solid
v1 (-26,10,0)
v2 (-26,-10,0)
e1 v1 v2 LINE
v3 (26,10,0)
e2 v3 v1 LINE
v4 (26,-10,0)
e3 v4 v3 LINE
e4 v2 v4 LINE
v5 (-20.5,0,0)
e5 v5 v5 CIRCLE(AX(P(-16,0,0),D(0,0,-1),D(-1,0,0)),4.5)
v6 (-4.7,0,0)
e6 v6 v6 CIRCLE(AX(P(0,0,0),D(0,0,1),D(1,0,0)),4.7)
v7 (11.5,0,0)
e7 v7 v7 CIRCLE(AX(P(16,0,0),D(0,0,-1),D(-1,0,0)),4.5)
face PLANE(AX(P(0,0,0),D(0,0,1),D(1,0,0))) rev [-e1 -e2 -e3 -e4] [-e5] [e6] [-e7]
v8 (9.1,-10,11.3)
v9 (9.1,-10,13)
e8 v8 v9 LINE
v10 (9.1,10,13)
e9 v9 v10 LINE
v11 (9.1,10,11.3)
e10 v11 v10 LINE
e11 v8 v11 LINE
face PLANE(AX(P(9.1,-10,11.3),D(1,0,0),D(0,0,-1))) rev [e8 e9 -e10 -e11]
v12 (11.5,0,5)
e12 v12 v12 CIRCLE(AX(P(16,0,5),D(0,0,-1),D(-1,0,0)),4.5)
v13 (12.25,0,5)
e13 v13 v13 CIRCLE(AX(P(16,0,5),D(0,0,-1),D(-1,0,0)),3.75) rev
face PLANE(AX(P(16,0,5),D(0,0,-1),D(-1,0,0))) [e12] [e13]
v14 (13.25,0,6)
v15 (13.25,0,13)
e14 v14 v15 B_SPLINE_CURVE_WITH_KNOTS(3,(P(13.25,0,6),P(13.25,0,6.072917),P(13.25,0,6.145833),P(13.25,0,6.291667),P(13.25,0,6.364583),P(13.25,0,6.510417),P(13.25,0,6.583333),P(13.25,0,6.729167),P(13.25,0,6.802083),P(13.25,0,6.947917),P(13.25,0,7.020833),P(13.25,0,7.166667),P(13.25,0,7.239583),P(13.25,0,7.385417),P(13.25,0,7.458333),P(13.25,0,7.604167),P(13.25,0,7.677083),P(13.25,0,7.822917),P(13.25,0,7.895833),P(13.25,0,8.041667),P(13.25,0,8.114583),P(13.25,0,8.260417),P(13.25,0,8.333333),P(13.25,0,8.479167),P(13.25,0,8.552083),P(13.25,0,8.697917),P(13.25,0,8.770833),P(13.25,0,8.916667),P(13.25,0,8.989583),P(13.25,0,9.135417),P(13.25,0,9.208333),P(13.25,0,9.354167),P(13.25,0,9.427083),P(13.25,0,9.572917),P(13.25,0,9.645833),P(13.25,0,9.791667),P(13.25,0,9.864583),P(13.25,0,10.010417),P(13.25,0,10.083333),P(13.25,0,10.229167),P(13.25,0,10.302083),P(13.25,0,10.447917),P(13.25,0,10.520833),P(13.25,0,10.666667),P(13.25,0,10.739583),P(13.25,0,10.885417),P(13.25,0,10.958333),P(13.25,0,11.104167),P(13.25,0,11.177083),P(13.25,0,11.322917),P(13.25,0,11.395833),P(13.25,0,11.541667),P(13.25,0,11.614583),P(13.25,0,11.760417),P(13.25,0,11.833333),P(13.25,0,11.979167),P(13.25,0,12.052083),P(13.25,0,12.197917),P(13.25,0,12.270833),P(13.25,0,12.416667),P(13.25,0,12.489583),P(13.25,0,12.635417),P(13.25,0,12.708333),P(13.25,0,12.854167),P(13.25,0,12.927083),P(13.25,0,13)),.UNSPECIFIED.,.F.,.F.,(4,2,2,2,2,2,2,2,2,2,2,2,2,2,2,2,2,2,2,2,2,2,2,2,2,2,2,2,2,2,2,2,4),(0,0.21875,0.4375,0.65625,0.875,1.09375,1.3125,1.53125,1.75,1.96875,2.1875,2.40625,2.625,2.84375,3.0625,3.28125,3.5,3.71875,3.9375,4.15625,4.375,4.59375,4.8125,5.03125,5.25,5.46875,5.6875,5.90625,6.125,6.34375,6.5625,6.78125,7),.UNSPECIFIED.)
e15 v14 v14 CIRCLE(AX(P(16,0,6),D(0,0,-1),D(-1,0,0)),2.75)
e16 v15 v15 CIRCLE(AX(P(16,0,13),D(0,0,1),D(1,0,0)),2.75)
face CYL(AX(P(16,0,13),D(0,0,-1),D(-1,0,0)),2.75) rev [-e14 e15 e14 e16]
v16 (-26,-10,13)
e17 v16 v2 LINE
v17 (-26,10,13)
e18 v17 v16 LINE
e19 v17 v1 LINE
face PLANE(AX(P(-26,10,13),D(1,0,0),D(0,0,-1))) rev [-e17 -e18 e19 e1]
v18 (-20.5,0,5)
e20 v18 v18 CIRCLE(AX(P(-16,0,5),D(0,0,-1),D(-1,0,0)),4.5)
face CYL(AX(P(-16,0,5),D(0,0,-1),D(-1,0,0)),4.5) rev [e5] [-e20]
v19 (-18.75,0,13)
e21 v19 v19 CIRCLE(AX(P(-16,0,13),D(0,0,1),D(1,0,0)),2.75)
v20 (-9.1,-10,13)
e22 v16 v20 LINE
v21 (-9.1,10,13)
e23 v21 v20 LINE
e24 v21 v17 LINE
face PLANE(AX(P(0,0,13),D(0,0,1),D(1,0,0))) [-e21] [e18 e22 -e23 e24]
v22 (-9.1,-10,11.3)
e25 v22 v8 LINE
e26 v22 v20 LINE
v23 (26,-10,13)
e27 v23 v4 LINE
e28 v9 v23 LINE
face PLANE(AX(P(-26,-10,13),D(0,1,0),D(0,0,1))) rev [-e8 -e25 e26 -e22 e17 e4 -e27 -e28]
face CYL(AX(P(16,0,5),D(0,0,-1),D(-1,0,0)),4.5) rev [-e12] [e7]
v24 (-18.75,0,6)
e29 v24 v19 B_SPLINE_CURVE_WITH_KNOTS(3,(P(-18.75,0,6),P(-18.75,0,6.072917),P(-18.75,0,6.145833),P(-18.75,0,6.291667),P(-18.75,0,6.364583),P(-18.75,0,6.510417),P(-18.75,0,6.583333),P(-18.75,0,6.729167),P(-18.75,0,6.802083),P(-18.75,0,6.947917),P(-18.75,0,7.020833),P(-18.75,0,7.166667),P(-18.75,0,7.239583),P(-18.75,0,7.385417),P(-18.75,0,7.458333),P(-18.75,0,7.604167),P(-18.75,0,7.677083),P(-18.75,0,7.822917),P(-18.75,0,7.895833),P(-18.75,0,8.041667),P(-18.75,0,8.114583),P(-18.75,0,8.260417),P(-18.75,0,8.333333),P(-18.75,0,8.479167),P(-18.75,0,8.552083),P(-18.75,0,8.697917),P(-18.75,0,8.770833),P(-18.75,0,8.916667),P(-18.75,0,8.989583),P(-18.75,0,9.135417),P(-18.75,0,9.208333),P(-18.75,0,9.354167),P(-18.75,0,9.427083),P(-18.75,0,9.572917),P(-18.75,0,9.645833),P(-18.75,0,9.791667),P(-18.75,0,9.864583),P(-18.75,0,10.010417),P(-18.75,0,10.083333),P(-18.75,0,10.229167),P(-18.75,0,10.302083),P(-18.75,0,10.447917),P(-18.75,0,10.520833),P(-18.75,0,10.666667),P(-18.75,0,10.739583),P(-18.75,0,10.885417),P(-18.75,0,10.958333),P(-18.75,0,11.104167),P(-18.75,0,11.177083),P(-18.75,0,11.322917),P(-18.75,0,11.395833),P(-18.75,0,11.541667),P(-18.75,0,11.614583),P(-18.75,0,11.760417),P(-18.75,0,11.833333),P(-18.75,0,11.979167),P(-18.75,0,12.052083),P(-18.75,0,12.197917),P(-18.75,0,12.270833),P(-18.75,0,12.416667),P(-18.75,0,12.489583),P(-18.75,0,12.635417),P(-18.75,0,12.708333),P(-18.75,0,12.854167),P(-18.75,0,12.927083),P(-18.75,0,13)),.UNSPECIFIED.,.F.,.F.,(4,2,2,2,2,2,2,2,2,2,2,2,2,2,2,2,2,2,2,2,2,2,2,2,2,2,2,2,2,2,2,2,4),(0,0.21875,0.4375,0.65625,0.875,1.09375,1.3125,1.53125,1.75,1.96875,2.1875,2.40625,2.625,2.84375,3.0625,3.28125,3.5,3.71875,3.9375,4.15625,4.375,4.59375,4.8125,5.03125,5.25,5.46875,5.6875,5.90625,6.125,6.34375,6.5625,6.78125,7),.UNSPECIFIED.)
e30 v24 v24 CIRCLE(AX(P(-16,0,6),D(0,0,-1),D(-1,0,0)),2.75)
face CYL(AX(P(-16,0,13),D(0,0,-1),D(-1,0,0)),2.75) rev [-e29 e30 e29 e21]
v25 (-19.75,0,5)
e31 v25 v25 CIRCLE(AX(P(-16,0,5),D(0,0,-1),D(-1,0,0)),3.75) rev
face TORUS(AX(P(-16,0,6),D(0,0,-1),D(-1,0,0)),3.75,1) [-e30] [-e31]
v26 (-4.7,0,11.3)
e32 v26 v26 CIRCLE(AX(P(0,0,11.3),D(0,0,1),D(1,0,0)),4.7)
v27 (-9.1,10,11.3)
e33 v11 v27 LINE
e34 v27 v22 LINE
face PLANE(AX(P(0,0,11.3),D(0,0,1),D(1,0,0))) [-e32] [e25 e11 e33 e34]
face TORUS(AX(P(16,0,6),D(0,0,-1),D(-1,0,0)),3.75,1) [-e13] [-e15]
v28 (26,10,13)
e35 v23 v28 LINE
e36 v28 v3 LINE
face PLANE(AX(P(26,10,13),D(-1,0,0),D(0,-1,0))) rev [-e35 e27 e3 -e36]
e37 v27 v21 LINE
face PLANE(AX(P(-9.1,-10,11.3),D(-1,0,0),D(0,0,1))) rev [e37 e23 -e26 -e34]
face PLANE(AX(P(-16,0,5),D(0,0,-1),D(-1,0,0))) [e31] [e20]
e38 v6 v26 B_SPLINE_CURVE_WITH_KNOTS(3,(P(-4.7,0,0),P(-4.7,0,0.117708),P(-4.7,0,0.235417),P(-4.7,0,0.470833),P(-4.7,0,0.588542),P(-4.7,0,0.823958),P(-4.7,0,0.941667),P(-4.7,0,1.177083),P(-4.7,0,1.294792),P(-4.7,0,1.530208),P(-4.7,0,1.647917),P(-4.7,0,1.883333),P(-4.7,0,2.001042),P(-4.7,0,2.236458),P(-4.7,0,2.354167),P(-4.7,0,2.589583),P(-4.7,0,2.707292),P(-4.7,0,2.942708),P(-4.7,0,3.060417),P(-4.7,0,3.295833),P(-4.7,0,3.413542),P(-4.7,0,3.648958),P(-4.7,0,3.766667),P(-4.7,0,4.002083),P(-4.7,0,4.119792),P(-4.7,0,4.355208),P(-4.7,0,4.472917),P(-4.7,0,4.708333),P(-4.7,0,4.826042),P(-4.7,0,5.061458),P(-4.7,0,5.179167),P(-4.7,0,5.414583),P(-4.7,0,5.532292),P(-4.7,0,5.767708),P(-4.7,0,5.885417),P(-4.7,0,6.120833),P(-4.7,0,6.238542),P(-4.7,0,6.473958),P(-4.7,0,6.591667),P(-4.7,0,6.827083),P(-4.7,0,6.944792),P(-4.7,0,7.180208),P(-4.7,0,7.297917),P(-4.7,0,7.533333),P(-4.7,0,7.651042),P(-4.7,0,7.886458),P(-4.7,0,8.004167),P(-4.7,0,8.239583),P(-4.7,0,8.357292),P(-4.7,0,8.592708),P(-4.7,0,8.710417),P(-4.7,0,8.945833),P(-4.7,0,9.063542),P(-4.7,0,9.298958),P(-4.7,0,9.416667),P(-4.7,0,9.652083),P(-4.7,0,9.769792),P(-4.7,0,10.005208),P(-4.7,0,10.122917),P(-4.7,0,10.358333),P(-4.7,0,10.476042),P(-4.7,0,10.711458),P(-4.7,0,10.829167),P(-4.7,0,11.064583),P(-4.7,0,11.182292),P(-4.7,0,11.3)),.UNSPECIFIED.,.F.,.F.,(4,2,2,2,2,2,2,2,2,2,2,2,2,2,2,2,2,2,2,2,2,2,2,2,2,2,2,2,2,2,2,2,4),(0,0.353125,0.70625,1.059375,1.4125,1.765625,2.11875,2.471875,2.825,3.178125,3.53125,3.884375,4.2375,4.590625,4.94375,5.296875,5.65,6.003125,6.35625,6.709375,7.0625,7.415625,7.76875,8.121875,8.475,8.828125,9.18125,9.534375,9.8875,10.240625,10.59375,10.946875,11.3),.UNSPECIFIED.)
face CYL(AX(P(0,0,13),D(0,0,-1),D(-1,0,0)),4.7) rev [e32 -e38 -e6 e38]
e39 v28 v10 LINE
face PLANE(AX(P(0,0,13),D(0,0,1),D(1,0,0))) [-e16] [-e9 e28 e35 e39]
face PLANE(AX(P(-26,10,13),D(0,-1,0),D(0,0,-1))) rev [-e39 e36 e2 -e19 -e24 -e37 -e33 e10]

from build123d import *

# Parameters (mm, degrees)
SKETCH_1_W          = 52
SKETCH_1_H          = 20
SKETCH_1_R          = 2.75
SKETCH_1_R_2        = 4.7
EXTRUDE_1_DEPTH     = 13
SKETCH_2_R          = 4.5
CUT_EXTRUDE_1_DEPTH = 5
SKETCH_3_W          = 18.2
SKETCH_3_H          = 20
CUT_EXTRUDE_2_DEPTH = 1.7
FILLET_1_R          = 1


with BuildPart() as part:
    # 草图1 → 凸台-拉伸1 (new body)
    with BuildSketch(Plane.XY):
        Rectangle(SKETCH_1_W, SKETCH_1_H)
        with Locations(Location((-16, 0, 0), (0, 0, 180))):
            Circle(SKETCH_1_R, mode=Mode.SUBTRACT)
        with Locations(Location((16, 0, 0), (0, 0, 180))):
            Circle(SKETCH_1_R, mode=Mode.SUBTRACT)
        with Locations(Location((0, 0, 0), (0, 0, 180))):
            Circle(SKETCH_1_R_2, mode=Mode.SUBTRACT)
    extrude(amount=EXTRUDE_1_DEPTH)

    # 草图2 → 切除-拉伸1 (cut)
    with BuildSketch(Plane(origin=(0, 0, 0), x_dir=(-1, 0, 0), z_dir=(0, 0, -1))):
        with Locations((-16, 0)):
            Circle(SKETCH_2_R)
        with Locations((16, 0)):
            Circle(SKETCH_2_R)
    extrude(amount=-CUT_EXTRUDE_1_DEPTH, mode=Mode.SUBTRACT)

    # 草图3 → 切除-拉伸2 (cut)
    with BuildSketch(Plane.XY.offset(13)):
        Rectangle(SKETCH_3_W, SKETCH_3_H)
    extrude(amount=-CUT_EXTRUDE_2_DEPTH, mode=Mode.SUBTRACT)

    # 圆角1
    fillet_1_edges = [part.edges().sort_by_distance(p)[0] for p in [
        (18.75, 0, 5),
        (-13.25, 0, 5),
    ]]
    fillet(fillet_1_edges, radius=FILLET_1_R)


solid = part.part
